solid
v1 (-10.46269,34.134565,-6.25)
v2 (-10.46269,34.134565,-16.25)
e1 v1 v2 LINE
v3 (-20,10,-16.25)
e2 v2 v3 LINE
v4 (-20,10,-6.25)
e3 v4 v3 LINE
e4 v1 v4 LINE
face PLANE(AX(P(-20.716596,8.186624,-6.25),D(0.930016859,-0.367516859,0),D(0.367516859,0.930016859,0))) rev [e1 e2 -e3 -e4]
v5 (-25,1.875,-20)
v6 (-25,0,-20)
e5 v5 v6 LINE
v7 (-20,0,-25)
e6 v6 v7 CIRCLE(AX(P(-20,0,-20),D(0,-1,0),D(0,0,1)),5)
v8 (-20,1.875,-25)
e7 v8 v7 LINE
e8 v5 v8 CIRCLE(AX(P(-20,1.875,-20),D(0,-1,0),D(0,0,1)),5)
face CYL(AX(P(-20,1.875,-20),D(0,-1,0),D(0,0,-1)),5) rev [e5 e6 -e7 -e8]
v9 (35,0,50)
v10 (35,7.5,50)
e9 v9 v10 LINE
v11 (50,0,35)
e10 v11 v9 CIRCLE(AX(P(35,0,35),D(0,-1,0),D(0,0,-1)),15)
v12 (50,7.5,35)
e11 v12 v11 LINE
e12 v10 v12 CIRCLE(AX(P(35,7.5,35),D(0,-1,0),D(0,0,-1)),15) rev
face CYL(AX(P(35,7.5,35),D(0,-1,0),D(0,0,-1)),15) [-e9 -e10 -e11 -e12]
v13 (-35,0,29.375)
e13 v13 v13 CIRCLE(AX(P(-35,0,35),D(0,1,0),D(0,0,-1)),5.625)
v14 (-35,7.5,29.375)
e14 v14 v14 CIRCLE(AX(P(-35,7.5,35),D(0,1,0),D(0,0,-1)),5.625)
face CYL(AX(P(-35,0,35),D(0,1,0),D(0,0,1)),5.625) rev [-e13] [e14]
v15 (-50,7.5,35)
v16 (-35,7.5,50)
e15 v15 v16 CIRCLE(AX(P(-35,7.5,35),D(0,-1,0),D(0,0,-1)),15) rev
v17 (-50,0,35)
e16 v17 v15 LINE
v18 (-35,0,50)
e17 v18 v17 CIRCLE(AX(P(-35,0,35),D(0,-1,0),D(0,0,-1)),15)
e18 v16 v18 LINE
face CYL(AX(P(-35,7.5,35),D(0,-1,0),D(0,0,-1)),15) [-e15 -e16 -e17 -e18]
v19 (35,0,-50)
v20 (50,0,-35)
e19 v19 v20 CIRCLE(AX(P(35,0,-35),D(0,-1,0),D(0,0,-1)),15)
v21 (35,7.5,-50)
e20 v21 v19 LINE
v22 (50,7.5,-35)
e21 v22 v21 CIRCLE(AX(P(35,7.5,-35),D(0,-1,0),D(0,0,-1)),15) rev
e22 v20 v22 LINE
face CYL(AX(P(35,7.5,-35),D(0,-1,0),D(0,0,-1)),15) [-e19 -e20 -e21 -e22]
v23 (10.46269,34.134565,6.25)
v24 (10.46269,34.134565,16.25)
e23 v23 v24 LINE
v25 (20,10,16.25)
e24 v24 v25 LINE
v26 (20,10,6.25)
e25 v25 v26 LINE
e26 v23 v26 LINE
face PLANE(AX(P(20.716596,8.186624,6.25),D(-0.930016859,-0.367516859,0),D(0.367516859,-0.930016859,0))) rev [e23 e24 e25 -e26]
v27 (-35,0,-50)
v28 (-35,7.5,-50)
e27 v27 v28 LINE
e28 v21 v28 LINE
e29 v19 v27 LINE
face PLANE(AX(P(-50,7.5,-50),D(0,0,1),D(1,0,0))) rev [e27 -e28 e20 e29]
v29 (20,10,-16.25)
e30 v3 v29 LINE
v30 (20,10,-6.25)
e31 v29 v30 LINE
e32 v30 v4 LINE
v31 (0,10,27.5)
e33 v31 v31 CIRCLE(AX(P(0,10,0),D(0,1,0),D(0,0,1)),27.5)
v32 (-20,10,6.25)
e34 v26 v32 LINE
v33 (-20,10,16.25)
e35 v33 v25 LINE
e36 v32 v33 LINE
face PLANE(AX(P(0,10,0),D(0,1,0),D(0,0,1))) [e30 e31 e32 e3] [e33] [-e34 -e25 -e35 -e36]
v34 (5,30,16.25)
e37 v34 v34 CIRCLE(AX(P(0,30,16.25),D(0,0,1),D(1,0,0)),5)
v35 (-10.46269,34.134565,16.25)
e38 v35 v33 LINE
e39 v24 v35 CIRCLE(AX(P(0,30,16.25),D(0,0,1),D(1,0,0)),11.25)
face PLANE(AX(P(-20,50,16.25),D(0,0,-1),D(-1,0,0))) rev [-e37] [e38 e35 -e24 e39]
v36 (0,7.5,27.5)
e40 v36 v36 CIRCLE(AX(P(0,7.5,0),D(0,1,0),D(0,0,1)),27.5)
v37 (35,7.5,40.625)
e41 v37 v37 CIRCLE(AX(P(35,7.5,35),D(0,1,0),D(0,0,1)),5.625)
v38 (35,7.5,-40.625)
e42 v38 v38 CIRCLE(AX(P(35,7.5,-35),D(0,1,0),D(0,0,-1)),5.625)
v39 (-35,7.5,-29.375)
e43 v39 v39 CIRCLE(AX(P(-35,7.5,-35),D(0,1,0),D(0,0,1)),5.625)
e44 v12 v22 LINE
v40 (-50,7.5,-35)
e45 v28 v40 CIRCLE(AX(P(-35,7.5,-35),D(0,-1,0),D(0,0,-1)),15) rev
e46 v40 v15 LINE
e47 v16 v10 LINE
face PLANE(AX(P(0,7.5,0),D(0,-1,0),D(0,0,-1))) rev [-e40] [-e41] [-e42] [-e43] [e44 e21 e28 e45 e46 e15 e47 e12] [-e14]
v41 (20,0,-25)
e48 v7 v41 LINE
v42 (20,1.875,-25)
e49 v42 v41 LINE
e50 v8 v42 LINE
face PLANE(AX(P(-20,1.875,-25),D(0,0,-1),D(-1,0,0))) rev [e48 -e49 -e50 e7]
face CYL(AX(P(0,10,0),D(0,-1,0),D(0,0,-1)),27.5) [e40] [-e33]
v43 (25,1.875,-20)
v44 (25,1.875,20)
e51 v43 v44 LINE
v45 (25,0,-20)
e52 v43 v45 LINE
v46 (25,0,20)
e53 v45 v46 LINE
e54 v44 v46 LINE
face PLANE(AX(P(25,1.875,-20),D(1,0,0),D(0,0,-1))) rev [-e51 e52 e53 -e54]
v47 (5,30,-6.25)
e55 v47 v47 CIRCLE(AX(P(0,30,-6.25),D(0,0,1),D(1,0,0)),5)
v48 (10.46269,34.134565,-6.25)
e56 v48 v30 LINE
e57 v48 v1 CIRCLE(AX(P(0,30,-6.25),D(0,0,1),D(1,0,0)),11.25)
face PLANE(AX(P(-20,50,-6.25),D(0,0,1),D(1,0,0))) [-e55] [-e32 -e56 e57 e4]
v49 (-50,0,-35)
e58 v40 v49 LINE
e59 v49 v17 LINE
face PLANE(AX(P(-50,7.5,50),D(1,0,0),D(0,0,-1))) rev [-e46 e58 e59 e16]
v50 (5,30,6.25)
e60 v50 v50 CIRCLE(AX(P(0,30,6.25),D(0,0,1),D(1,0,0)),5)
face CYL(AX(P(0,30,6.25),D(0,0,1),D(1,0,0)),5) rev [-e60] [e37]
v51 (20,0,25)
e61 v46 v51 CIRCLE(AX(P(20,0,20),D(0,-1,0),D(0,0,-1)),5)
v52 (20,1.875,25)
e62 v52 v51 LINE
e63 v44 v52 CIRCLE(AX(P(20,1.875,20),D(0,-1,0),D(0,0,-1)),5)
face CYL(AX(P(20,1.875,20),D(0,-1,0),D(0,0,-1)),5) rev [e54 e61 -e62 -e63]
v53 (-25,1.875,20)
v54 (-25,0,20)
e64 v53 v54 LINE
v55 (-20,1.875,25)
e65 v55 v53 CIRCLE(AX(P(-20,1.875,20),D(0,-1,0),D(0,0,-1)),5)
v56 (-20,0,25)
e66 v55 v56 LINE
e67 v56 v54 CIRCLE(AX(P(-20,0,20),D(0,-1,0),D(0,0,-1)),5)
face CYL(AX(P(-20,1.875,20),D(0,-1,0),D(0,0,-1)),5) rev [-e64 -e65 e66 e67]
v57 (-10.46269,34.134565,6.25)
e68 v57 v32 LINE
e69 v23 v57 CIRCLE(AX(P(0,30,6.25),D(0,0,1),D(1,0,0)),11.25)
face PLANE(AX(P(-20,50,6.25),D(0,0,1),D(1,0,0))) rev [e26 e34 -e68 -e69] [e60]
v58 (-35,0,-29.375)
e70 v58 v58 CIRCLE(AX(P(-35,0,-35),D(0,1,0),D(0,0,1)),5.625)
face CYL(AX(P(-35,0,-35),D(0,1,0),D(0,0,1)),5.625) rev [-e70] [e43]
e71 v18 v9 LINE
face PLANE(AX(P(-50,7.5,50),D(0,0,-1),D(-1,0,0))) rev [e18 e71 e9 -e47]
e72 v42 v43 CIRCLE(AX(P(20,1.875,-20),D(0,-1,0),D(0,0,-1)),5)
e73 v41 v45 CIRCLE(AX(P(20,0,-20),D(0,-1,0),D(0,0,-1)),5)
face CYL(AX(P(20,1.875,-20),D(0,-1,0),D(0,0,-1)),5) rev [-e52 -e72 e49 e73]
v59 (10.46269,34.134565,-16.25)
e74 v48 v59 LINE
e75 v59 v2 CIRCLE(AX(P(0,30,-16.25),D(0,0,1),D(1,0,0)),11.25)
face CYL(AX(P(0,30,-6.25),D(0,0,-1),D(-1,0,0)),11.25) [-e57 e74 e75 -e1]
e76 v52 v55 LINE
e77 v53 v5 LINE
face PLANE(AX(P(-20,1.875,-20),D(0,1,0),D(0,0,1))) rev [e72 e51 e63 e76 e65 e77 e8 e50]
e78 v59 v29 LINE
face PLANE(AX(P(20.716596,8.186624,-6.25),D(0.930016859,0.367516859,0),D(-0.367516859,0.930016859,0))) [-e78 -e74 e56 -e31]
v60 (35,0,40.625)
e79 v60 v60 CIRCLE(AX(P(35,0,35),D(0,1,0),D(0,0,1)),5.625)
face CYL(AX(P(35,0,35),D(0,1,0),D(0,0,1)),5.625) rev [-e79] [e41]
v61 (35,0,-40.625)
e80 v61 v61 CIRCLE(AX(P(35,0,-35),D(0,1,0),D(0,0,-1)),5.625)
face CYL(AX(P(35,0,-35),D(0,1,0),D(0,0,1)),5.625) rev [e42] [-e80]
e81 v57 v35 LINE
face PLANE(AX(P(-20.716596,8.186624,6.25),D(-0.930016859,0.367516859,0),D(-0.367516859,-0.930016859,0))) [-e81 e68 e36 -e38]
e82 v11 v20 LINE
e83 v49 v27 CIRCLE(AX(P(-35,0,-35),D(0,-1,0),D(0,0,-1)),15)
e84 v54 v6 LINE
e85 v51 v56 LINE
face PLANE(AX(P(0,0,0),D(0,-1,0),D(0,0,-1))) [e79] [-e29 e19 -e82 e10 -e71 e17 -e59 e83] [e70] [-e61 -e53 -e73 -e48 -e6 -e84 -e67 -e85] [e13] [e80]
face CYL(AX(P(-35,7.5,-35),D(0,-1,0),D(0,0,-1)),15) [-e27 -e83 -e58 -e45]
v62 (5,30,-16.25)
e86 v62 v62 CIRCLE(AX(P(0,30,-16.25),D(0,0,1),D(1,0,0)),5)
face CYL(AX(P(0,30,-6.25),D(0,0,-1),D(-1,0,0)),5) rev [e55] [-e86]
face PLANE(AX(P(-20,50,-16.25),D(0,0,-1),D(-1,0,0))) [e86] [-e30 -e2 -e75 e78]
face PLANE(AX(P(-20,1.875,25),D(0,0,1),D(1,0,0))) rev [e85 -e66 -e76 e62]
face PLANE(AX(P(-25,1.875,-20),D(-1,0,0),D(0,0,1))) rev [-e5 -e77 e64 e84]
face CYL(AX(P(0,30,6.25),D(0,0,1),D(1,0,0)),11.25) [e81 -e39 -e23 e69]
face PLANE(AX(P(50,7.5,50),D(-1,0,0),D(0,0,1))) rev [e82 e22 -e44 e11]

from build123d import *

# Parameters (mm, degrees)
SKETCH1_W           = 100
SKETCH1_H           = 100
BOSS_EXTRUDE1_DEPTH = 7.5
FILLET1_R           = 15
SKETCH2_R           = 5.625
CUT_EXTRUDE1_DEPTH  = 7.5
SKETCH3_R           = 27.5
BOSS_EXTRUDE2_DEPTH = 2.5
SKETCH5_W           = 40
SKETCH5_H           = 10
BOSS_EXTRUDE4_DEPTH = 40
SKETCH6_R           = 5
CUT_EXTRUDE2_DEPTH  = 10
CUT_EXTRUDE3_DEPTH  = 1.875


with BuildPart() as part:
    # Sketch1 → Boss-Extrude1 (new body)
    with BuildSketch(Plane(origin=(0, 0, 0), x_dir=(1, 0, 0), z_dir=(0, 1, 0))):
        Rectangle(SKETCH1_W, SKETCH1_H)
    extrude(amount=BOSS_EXTRUDE1_DEPTH)

    # Fillet1
    fillet1_edges = [part.edges().sort_by_distance(p)[0] for p in [
        (50, 3.75, 50),
        (-50, 3.75, 50),
        (-50, 3.75, -50),
        (50, 3.75, -50),
    ]]
    fillet(fillet1_edges, radius=FILLET1_R)

    # Sketch2 → Cut-Extrude1 (cut)
    with BuildSketch(Plane(origin=(0, 7.5, 0), x_dir=(1, 0, 0), z_dir=(0, 1, 0))):
        with Locations(Location((-35, 35, 0), (0, 0, 270))):
            Circle(SKETCH2_R)
        with Locations(Location((35, 35, 0), (0, 0, 90))):
            Circle(SKETCH2_R)
        with Locations(Location((35, -35, 0), (0, 0, 270))):
            Circle(SKETCH2_R)
        with Locations(Location((-35, -35, 0), (0, 0, 90))):
            Circle(SKETCH2_R)
    extrude(amount=-CUT_EXTRUDE1_DEPTH, mode=Mode.SUBTRACT)

    # Sketch3 → Boss-Extrude2 (add)
    with BuildSketch(Plane(origin=(0, 7.5, 0), x_dir=(1, 0, 0), z_dir=(0, 1, 0))):
        with Locations(Location((0, 0, 0), (0, 0, 270))):
            Circle(SKETCH3_R)
    extrude(amount=BOSS_EXTRUDE2_DEPTH)

    # Sketch5 → Boss-Extrude4 (add)
    with BuildSketch(Plane(origin=(0, 10, 0), x_dir=(1, 0, 0), z_dir=(0, 1, 0))):
        with Locations((0, -11.25)):
            Rectangle(SKETCH5_W, SKETCH5_H)
    boss_extrude4 = extrude(amount=BOSS_EXTRUDE4_DEPTH)

    # Sketch6 → Cut-Extrude2 (cut)
    with BuildSketch(Plane.XY.offset(16.25)):
        with BuildLine():
            ThreePointArc((10.462689665, 34.134564665), (0, 41.25), (-10.462689665, 34.134564665))
            Line((-10.462689665, 34.134564665), (-20, 10))
            Line((-20, 10), (-20, 50))
            Line((-20, 50), (20, 50))
            Line((20, 50), (20, 10))
            Line((20, 10), (10.462689665, 34.134564665))
        make_face()
        with Locations((0, 30)):
            Circle(SKETCH6_R)
    cut_extrude2 = extrude(amount=-CUT_EXTRUDE2_DEPTH, mode=Mode.SUBTRACT)

    # Mirror4: Boss-Extrude4, Cut-Extrude2 across plane
    add(boss_extrude4.mirror(Plane.XY))
    add(cut_extrude2.mirror(Plane.XY), mode=Mode.SUBTRACT)

    # Sketch7 → Cut-Extrude3 (cut)
    with BuildSketch(Plane.XZ):
        with BuildLine():
            Line((-20, -25), (20, -25))
            ThreePointArc((20, -25), (23.535533906, -23.535533906), (25, -20))
            Line((25, -20), (25, 20))
            ThreePointArc((25, 20), (23.535533906, 23.535533906), (20, 25))
            Line((20, 25), (-20, 25))
            ThreePointArc((-20, 25), (-23.535533906, 23.535533906), (-25, 20))
            Line((-25, 20), (-25, -20))
            ThreePointArc((-25, -20), (-23.535533906, -23.535533906), (-20, -25))
        make_face()
    extrude(amount=-CUT_EXTRUDE3_DEPTH, mode=Mode.SUBTRACT)


solid = part.part
